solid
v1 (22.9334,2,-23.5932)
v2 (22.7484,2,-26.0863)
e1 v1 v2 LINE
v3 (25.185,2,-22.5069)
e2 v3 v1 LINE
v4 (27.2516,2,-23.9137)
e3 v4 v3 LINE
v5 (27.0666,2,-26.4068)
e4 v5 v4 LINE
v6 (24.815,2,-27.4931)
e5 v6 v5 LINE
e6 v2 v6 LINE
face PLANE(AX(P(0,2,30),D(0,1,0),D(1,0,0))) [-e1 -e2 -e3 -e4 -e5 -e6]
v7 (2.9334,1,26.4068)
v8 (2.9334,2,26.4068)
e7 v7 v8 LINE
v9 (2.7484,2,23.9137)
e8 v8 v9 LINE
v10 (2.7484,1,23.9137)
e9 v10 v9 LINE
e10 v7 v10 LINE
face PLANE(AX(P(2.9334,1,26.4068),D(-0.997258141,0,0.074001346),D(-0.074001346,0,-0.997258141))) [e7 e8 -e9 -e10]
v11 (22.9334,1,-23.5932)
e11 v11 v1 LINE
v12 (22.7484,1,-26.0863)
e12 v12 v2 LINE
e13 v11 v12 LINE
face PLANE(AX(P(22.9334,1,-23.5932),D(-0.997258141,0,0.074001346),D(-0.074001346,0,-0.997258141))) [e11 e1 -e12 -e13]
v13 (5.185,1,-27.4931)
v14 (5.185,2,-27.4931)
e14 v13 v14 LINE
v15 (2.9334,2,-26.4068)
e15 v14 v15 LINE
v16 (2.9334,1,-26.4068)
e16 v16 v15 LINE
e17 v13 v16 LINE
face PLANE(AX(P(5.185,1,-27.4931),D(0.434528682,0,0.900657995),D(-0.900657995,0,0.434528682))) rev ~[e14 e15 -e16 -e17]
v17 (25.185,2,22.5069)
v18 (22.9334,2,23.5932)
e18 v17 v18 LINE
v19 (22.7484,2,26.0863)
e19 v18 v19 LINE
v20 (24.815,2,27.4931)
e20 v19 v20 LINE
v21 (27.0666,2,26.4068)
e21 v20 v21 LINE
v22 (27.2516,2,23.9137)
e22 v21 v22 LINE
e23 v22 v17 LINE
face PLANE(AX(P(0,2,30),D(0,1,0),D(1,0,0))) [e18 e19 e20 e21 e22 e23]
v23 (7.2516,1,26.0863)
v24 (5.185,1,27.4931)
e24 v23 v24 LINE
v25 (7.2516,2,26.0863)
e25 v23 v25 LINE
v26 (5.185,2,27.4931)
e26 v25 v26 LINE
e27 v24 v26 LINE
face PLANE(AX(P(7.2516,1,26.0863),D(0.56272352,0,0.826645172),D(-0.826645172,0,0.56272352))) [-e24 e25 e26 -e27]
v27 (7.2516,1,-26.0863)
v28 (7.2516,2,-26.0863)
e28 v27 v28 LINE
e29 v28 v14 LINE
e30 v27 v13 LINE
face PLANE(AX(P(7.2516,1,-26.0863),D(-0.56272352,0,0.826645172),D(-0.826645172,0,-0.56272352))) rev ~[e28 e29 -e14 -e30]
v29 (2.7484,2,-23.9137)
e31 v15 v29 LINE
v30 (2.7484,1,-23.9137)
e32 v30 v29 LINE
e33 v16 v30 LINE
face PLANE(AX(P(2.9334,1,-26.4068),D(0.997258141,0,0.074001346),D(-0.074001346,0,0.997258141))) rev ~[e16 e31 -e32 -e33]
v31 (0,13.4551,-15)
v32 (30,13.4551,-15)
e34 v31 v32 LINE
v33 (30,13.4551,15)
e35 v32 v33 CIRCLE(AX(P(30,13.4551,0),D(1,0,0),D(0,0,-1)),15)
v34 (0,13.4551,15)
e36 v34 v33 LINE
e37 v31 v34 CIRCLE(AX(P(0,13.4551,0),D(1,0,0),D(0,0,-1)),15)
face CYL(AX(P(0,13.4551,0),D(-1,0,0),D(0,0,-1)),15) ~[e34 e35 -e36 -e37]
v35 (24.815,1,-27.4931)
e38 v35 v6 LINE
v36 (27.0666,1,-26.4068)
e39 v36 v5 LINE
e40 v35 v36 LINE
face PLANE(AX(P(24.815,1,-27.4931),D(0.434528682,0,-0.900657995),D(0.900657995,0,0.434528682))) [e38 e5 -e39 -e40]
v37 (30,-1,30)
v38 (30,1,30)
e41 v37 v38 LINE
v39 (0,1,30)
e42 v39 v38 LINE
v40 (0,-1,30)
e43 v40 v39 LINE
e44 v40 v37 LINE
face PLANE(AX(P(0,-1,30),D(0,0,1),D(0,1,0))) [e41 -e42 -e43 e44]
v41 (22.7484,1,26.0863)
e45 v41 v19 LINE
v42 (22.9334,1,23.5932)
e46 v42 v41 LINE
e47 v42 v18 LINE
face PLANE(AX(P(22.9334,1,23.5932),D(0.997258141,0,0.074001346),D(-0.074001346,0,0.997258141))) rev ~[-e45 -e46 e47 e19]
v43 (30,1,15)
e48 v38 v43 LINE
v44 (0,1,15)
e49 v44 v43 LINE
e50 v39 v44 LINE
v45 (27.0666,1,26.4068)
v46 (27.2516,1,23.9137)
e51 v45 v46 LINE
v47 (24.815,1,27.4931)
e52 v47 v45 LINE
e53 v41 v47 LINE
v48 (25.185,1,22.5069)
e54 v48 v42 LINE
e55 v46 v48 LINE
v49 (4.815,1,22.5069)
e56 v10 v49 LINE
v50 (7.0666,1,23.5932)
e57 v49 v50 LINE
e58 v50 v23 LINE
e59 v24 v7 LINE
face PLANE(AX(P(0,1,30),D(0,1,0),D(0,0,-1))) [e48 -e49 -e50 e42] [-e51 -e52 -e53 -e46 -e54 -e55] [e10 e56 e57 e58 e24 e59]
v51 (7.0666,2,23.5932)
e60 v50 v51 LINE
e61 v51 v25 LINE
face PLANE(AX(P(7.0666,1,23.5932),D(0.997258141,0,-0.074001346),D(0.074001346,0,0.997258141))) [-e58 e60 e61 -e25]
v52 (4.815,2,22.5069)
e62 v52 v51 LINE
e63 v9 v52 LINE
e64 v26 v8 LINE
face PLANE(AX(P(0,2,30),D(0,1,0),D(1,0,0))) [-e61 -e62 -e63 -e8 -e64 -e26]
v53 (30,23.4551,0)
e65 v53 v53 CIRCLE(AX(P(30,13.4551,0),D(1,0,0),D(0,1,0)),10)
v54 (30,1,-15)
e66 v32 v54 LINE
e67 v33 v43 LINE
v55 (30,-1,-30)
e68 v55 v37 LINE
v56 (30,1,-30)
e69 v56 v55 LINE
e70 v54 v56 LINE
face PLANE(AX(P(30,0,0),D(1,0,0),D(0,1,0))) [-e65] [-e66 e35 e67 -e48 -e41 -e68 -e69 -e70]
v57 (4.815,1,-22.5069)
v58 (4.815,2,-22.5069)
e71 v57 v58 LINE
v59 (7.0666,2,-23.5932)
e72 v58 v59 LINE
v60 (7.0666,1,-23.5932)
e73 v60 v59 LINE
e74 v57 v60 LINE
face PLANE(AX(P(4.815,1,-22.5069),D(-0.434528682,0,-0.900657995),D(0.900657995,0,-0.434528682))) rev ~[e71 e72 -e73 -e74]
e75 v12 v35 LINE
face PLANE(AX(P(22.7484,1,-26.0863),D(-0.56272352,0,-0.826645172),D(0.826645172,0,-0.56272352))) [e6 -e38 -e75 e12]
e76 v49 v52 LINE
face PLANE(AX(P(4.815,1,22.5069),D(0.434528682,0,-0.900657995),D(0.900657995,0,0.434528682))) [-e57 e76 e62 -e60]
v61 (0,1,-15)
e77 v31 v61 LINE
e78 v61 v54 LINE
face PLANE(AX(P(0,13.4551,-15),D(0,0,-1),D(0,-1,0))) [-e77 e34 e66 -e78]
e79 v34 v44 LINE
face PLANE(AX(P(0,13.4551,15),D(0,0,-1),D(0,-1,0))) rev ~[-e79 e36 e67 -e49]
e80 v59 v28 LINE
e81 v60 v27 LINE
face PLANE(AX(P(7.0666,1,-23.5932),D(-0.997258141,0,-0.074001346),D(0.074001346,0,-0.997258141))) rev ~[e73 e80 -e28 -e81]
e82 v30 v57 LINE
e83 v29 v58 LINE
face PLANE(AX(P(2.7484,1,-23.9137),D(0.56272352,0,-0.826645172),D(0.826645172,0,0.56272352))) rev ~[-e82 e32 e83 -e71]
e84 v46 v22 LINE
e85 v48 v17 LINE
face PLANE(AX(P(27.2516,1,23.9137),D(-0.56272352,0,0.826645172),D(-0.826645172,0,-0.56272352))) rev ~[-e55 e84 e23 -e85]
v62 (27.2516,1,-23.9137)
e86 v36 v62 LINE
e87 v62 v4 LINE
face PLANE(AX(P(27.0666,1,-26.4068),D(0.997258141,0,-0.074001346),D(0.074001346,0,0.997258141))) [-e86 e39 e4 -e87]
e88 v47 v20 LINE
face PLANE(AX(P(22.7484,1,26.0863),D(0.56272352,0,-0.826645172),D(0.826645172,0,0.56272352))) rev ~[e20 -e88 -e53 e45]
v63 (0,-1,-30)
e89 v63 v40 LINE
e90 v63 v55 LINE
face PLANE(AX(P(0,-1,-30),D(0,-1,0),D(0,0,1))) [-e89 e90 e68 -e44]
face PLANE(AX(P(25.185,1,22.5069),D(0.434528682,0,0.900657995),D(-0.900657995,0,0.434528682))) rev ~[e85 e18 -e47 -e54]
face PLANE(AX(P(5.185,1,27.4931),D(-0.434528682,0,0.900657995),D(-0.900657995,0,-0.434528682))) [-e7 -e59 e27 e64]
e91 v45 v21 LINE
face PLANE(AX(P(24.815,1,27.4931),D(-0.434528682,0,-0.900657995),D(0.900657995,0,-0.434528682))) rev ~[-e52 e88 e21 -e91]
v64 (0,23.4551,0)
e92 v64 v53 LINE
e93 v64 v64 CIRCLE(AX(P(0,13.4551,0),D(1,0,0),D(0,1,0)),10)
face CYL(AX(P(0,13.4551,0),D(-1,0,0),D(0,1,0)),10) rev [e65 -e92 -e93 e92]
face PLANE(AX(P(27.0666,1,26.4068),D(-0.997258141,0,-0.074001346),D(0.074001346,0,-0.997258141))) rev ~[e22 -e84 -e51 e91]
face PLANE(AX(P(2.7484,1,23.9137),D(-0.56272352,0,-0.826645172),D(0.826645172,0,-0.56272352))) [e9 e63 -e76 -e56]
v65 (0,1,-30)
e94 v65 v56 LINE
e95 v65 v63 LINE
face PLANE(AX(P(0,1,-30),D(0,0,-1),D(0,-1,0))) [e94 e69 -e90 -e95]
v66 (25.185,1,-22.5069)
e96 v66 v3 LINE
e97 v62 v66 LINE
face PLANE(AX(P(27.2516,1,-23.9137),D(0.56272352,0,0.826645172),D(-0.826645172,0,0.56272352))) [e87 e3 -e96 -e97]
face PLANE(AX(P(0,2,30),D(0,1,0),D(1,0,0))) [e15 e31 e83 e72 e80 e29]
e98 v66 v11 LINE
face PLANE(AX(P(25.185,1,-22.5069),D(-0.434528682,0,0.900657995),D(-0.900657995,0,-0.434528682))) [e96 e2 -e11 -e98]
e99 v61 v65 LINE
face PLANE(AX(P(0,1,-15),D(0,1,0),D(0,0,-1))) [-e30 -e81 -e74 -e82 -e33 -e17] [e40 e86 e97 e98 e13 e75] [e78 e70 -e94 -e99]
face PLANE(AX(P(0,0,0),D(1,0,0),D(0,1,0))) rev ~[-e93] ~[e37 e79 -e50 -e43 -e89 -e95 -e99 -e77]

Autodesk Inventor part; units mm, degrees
ref_plane "YZ Plane" through (0, 0, 0) normal (1, 0, 0) x (0, 1, 0)
ref_plane "XZ Plane" through (0, 0, 0) normal (0, 1, 0) x (-1, 0, 0)
ref_plane "XY Plane" through (0, 0, 0) normal (0, 0, 1) x (1, 0, 0)
sketch "Sketch1" plane through (0, 0, 0) normal (1, 0, 0) x (0, 1, 0)
  line L0 (-1, 30) -> (1, 30)
  line L1 (1, -30) -> (-1, -30)
  line L2 (-1, -30) -> (-1, 30)
  arc A0 (13.4551, -15) -> (13.4551, 15) centre (13.4551, 0) ccw
  circle A1 centre (13.4551, 0) radius 10
  line L3 (13.4551, 15) -> (1, 15)
  line L4 (13.4551, -15) -> (1, -15)
  line L5 (1, 30) -> (1, 15)
  line L6 (1, -15) -> (1, -30)
  point P0 (0, 0)
  point P1 (0, 30)
  point P2 (1, 0)
  dimension "d0" = 2
  dimension "d1" = 60
  dimension "d2" = 30
  dimension "d3" = 20
extrude "Extrusion1" add sketch "Sketch1" along normal blind 30
sketch "Sketch2" plane through (0, 1, 30) normal (0, 1, 0) x (1, 0, 0)
  circle A0 centre (5, 5) radius 2.5 construction
  line L0 (0, 0) -> (30, 0) projected
  line L1 (15, 0) -> (15, 91.9575) construction
  line L2 (56.6517, 30) -> (-26.6517, 30) construction
  line L3 (0, 0) -> (0, 60) projected
  line L4 (7.0666, 6.4068) -> (7.2516, 3.9137)
  line L5 (7.2516, 3.9137) -> (5.185, 2.5069)
  line L6 (5.185, 2.5069) -> (2.9334, 3.5932)
  line L7 (2.9334, 3.5932) -> (2.7484, 6.0863)
  line L8 (2.7484, 6.0863) -> (4.815, 7.4931)
  line L9 (4.815, 7.4931) -> (7.0666, 6.4068)
  line L10 (22.9334, 6.4068) -> (22.7484, 3.9137)
  line L11 (22.7484, 3.9137) -> (24.815, 2.5069)
  line L12 (24.815, 2.5069) -> (27.0666, 3.5932)
  line L13 (27.0666, 3.5932) -> (27.2516, 6.0863)
  line L14 (27.2516, 6.0863) -> (25.185, 7.4931)
  line L15 (25.185, 7.4931) -> (22.9334, 6.4068)
  line L16 (7.0666, 53.5932) -> (7.2516, 56.0863)
  line L17 (7.2516, 56.0863) -> (5.185, 57.4931)
  line L18 (5.185, 57.4931) -> (2.9334, 56.4068)
  line L19 (2.9334, 56.4068) -> (2.7484, 53.9137)
  line L20 (2.7484, 53.9137) -> (4.815, 52.5069)
  line L21 (4.815, 52.5069) -> (7.0666, 53.5932)
  line L22 (22.7484, 56.0863) -> (24.815, 57.4931)
  line L23 (22.9334, 53.5932) -> (22.7484, 56.0863)
  line L24 (25.185, 52.5069) -> (22.9334, 53.5932)
  line L25 (27.2516, 53.9137) -> (25.185, 52.5069)
  line L26 (27.0666, 56.4068) -> (27.2516, 53.9137)
  line L27 (24.815, 57.4931) -> (27.0666, 56.4068)
  point P0 (0, 30)
  point P1 (15, 30)
  dimension "d6" = 5
  dimension "d7" = 5
  dimension "d8" = 5
extrude "Extrusion2" add sketch "Sketch2" along normal blind 1
properties part number "hold down pin"
